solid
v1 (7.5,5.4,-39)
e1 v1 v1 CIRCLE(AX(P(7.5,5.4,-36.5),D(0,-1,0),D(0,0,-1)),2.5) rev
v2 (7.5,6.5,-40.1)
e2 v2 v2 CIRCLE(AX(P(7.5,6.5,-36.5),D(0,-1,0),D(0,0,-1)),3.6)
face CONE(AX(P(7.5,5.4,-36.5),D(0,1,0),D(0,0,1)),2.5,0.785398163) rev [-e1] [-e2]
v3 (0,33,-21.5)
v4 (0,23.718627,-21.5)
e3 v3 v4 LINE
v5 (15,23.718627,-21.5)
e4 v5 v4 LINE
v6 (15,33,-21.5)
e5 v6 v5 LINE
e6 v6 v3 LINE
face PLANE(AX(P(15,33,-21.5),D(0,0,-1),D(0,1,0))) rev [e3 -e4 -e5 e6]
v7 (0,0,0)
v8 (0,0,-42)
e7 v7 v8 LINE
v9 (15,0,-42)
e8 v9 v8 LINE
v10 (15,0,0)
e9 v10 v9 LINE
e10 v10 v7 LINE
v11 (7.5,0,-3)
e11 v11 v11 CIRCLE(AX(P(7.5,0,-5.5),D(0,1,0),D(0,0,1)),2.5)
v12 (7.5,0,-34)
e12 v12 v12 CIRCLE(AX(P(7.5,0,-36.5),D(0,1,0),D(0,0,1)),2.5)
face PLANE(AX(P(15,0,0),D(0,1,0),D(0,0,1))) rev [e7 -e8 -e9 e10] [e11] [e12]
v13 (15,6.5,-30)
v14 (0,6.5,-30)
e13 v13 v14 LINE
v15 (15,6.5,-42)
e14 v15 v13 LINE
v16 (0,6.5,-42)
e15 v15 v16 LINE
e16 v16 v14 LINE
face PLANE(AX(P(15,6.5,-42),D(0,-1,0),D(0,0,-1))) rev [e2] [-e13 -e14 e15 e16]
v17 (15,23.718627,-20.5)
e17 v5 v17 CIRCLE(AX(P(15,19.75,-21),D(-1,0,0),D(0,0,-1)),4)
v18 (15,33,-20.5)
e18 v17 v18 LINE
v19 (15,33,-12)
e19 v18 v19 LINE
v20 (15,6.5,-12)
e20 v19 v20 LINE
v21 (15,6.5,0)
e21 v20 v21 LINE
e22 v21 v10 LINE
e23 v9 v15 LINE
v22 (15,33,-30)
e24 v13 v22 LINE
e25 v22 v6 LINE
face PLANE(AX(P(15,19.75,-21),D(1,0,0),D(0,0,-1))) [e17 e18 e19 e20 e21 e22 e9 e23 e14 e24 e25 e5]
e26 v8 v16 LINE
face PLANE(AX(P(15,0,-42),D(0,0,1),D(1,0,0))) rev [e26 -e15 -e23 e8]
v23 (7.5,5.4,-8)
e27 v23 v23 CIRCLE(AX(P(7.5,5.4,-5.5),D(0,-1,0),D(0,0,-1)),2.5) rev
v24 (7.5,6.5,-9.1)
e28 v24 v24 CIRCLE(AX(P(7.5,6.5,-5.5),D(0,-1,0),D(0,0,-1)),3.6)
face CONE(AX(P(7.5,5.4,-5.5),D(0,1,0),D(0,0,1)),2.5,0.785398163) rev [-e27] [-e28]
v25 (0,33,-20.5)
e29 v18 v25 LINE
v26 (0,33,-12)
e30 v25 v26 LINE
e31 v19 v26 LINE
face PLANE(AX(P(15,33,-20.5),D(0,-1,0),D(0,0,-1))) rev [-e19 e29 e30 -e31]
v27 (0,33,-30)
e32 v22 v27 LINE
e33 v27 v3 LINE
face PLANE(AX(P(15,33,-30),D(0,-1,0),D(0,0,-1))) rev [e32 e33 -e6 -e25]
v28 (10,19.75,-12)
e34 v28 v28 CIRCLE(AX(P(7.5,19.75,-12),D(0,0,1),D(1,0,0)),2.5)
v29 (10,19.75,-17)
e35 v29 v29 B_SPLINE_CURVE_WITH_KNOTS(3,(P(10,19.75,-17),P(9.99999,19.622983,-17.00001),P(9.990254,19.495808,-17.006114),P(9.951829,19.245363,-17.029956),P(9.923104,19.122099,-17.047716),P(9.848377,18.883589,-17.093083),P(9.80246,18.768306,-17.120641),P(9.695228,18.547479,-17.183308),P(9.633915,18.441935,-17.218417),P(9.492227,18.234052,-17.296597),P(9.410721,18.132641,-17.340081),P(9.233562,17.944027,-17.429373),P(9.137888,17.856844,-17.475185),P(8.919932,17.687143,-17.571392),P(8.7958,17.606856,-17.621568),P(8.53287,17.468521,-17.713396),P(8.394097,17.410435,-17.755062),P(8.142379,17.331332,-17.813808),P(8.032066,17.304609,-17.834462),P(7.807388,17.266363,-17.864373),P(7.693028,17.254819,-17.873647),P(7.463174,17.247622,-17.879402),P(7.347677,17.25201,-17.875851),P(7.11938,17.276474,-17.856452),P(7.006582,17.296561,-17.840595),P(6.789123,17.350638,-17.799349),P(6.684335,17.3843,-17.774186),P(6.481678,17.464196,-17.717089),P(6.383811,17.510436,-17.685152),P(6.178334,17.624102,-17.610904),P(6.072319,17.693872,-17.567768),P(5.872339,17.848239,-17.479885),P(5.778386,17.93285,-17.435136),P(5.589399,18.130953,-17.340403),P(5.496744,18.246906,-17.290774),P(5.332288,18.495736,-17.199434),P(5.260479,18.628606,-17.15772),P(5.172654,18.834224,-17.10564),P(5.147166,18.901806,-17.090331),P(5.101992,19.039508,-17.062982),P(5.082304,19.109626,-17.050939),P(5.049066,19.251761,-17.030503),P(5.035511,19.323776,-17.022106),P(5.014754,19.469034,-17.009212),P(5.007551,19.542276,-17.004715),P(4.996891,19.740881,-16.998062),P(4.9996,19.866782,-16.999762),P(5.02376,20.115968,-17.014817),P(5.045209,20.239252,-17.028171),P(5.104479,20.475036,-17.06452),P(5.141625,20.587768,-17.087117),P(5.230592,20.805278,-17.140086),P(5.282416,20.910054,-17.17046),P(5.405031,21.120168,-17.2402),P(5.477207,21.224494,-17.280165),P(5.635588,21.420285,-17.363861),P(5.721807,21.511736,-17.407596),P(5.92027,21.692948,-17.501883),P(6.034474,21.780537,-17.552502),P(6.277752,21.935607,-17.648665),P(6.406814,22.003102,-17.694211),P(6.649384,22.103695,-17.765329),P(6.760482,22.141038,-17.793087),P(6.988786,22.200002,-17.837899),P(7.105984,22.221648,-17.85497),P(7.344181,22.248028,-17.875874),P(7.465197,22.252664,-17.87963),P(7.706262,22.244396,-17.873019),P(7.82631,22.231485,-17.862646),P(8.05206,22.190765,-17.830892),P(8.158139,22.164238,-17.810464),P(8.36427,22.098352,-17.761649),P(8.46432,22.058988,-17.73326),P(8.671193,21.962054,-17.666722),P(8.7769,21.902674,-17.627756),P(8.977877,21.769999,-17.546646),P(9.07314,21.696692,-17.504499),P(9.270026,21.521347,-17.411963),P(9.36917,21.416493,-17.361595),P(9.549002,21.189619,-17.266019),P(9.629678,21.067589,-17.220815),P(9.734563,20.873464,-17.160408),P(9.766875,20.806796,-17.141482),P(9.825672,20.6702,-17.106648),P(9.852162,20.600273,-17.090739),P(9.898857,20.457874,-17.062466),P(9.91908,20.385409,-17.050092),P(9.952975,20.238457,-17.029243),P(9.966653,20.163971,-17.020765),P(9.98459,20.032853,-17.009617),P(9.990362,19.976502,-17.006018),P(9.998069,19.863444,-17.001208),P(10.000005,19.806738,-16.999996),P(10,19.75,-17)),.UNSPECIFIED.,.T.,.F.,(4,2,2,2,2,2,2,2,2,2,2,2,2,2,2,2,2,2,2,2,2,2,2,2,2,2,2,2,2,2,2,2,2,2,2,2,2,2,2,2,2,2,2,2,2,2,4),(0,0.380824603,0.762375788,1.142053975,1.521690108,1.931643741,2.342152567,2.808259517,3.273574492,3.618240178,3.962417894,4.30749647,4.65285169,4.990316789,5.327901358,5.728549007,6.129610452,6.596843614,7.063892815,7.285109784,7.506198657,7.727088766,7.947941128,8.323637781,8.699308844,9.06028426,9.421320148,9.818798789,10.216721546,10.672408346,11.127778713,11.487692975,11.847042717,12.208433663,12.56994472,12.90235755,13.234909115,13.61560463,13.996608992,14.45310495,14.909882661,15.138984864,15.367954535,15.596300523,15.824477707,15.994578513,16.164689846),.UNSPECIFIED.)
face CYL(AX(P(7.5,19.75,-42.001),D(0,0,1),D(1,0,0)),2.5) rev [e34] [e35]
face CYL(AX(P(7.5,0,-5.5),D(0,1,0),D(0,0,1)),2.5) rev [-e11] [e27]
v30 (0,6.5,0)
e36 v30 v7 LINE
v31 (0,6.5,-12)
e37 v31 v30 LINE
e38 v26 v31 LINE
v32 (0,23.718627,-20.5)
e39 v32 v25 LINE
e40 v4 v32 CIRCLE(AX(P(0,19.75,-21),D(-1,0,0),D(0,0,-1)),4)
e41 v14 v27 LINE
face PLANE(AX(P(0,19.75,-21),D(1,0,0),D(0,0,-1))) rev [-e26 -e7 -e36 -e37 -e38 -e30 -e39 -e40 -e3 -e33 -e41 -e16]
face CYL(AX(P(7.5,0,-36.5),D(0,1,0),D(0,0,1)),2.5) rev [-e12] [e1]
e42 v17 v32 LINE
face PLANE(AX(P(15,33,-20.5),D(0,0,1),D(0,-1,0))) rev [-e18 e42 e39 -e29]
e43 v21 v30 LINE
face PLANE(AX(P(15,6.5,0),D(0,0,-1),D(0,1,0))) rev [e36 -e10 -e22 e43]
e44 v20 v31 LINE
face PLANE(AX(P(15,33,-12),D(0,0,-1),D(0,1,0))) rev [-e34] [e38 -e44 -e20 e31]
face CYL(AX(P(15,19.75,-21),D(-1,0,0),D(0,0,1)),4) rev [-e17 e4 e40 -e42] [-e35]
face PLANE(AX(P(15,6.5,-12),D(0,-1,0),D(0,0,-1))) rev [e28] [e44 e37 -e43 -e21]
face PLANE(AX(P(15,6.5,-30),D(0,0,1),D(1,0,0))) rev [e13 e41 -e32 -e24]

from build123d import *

# Parameters (mm, degrees)
PROFILEBOSS_EXTRUDE1_DEPTH         = 15
SKETCH2_R                          = 2.5
MOUNTHOLESCUT_EXTRUDE1_DEPTH       = 52.877258987
CHAMFER1_SIZE                      = 1.1
GROMMETHOLECUT_EXTRUDE2_REACH      = 49.053
GROMMETHOLECUT_EXTRUDE2_END_RADIUS = 4
SKETCH3_R                          = 2.5


with BuildPart() as part:
    # Sketch1 → ProfileBoss-Extrude1 (new body)
    with BuildSketch(Plane(origin=(0, 0, 0), x_dir=(0, 0, -1), z_dir=(1, 0, 0))):
        with BuildLine():
            Line((0, 0), (42, 0))
            Line((42, 0), (42, 6.5))
            Line((42, 6.5), (30, 6.5))
            Line((30, 6.5), (30, 33))
            Line((30, 33), (21.5, 33))
            Line((21.5, 33), (21.5, 23.718626967))
            ThreePointArc((21.5, 23.718626967), (21, 15.75), (20.5, 23.718626967))
            Line((20.5, 23.718626967), (20.5, 33))
            Line((20.5, 33), (12, 33))
            Line((12, 33), (12, 6.5))
            Line((12, 6.5), (0, 6.5))
            Line((0, 6.5), (0, 0))
        make_face()
    extrude(amount=PROFILEBOSS_EXTRUDE1_DEPTH)

    # Sketch2 → MountHolesCut-Extrude1 (cut, through all)
    with BuildSketch(Plane(origin=(0, 6.5, 0), x_dir=(1, 0, 0), z_dir=(0, 1, 0))):
        with Locations(Location((7.5, 5.5, 0), (0, 0, 270))):
            Circle(SKETCH2_R)
        with Locations(Location((7.5, 36.5, 0), (0, 0, 270))):
            Circle(SKETCH2_R)
    extrude(amount=-MOUNTHOLESCUT_EXTRUDE1_DEPTH, mode=Mode.SUBTRACT)

    # Chamfer1
    chamfer1_edges = [part.edges().sort_by_distance(p)[0] for p in [
        (7.5, 6.5, -8),
        (7.5, 6.5, -39),
    ]]
    chamfer(chamfer1_edges, length=CHAMFER1_SIZE)

    # GrommetHoleCut-Extrude2: up to this cylinder (the profile starts outside it)
    grommetholecut_extrude2_end = Plane(origin=(7.5, 19.75, -21), z_dir=(-1, 0, 0)) * Cylinder(GROMMETHOLECUT_EXTRUDE2_END_RADIUS, 107.106, mode=Mode.PRIVATE)
    # Sketch3 → GrommetHoleCut-Extrude2 (cut, up to the surface)
    with BuildSketch(Plane.XY.offset(-12), mode=Mode.PRIVATE) as grommetholecut_extrude2_sk1:
        with Locations((7.5, 19.75)):
            Circle(SKETCH3_R)
    grommetholecut_extrude2_tool1 = extrude(grommetholecut_extrude2_sk1.sketch, amount=-GROMMETHOLECUT_EXTRUDE2_REACH, mode=Mode.PRIVATE) - grommetholecut_extrude2_end
    add(grommetholecut_extrude2_tool1.solids().sort_by_distance((7.5, 19.75, -12))[0], mode=Mode.SUBTRACT)


solid = part.part
